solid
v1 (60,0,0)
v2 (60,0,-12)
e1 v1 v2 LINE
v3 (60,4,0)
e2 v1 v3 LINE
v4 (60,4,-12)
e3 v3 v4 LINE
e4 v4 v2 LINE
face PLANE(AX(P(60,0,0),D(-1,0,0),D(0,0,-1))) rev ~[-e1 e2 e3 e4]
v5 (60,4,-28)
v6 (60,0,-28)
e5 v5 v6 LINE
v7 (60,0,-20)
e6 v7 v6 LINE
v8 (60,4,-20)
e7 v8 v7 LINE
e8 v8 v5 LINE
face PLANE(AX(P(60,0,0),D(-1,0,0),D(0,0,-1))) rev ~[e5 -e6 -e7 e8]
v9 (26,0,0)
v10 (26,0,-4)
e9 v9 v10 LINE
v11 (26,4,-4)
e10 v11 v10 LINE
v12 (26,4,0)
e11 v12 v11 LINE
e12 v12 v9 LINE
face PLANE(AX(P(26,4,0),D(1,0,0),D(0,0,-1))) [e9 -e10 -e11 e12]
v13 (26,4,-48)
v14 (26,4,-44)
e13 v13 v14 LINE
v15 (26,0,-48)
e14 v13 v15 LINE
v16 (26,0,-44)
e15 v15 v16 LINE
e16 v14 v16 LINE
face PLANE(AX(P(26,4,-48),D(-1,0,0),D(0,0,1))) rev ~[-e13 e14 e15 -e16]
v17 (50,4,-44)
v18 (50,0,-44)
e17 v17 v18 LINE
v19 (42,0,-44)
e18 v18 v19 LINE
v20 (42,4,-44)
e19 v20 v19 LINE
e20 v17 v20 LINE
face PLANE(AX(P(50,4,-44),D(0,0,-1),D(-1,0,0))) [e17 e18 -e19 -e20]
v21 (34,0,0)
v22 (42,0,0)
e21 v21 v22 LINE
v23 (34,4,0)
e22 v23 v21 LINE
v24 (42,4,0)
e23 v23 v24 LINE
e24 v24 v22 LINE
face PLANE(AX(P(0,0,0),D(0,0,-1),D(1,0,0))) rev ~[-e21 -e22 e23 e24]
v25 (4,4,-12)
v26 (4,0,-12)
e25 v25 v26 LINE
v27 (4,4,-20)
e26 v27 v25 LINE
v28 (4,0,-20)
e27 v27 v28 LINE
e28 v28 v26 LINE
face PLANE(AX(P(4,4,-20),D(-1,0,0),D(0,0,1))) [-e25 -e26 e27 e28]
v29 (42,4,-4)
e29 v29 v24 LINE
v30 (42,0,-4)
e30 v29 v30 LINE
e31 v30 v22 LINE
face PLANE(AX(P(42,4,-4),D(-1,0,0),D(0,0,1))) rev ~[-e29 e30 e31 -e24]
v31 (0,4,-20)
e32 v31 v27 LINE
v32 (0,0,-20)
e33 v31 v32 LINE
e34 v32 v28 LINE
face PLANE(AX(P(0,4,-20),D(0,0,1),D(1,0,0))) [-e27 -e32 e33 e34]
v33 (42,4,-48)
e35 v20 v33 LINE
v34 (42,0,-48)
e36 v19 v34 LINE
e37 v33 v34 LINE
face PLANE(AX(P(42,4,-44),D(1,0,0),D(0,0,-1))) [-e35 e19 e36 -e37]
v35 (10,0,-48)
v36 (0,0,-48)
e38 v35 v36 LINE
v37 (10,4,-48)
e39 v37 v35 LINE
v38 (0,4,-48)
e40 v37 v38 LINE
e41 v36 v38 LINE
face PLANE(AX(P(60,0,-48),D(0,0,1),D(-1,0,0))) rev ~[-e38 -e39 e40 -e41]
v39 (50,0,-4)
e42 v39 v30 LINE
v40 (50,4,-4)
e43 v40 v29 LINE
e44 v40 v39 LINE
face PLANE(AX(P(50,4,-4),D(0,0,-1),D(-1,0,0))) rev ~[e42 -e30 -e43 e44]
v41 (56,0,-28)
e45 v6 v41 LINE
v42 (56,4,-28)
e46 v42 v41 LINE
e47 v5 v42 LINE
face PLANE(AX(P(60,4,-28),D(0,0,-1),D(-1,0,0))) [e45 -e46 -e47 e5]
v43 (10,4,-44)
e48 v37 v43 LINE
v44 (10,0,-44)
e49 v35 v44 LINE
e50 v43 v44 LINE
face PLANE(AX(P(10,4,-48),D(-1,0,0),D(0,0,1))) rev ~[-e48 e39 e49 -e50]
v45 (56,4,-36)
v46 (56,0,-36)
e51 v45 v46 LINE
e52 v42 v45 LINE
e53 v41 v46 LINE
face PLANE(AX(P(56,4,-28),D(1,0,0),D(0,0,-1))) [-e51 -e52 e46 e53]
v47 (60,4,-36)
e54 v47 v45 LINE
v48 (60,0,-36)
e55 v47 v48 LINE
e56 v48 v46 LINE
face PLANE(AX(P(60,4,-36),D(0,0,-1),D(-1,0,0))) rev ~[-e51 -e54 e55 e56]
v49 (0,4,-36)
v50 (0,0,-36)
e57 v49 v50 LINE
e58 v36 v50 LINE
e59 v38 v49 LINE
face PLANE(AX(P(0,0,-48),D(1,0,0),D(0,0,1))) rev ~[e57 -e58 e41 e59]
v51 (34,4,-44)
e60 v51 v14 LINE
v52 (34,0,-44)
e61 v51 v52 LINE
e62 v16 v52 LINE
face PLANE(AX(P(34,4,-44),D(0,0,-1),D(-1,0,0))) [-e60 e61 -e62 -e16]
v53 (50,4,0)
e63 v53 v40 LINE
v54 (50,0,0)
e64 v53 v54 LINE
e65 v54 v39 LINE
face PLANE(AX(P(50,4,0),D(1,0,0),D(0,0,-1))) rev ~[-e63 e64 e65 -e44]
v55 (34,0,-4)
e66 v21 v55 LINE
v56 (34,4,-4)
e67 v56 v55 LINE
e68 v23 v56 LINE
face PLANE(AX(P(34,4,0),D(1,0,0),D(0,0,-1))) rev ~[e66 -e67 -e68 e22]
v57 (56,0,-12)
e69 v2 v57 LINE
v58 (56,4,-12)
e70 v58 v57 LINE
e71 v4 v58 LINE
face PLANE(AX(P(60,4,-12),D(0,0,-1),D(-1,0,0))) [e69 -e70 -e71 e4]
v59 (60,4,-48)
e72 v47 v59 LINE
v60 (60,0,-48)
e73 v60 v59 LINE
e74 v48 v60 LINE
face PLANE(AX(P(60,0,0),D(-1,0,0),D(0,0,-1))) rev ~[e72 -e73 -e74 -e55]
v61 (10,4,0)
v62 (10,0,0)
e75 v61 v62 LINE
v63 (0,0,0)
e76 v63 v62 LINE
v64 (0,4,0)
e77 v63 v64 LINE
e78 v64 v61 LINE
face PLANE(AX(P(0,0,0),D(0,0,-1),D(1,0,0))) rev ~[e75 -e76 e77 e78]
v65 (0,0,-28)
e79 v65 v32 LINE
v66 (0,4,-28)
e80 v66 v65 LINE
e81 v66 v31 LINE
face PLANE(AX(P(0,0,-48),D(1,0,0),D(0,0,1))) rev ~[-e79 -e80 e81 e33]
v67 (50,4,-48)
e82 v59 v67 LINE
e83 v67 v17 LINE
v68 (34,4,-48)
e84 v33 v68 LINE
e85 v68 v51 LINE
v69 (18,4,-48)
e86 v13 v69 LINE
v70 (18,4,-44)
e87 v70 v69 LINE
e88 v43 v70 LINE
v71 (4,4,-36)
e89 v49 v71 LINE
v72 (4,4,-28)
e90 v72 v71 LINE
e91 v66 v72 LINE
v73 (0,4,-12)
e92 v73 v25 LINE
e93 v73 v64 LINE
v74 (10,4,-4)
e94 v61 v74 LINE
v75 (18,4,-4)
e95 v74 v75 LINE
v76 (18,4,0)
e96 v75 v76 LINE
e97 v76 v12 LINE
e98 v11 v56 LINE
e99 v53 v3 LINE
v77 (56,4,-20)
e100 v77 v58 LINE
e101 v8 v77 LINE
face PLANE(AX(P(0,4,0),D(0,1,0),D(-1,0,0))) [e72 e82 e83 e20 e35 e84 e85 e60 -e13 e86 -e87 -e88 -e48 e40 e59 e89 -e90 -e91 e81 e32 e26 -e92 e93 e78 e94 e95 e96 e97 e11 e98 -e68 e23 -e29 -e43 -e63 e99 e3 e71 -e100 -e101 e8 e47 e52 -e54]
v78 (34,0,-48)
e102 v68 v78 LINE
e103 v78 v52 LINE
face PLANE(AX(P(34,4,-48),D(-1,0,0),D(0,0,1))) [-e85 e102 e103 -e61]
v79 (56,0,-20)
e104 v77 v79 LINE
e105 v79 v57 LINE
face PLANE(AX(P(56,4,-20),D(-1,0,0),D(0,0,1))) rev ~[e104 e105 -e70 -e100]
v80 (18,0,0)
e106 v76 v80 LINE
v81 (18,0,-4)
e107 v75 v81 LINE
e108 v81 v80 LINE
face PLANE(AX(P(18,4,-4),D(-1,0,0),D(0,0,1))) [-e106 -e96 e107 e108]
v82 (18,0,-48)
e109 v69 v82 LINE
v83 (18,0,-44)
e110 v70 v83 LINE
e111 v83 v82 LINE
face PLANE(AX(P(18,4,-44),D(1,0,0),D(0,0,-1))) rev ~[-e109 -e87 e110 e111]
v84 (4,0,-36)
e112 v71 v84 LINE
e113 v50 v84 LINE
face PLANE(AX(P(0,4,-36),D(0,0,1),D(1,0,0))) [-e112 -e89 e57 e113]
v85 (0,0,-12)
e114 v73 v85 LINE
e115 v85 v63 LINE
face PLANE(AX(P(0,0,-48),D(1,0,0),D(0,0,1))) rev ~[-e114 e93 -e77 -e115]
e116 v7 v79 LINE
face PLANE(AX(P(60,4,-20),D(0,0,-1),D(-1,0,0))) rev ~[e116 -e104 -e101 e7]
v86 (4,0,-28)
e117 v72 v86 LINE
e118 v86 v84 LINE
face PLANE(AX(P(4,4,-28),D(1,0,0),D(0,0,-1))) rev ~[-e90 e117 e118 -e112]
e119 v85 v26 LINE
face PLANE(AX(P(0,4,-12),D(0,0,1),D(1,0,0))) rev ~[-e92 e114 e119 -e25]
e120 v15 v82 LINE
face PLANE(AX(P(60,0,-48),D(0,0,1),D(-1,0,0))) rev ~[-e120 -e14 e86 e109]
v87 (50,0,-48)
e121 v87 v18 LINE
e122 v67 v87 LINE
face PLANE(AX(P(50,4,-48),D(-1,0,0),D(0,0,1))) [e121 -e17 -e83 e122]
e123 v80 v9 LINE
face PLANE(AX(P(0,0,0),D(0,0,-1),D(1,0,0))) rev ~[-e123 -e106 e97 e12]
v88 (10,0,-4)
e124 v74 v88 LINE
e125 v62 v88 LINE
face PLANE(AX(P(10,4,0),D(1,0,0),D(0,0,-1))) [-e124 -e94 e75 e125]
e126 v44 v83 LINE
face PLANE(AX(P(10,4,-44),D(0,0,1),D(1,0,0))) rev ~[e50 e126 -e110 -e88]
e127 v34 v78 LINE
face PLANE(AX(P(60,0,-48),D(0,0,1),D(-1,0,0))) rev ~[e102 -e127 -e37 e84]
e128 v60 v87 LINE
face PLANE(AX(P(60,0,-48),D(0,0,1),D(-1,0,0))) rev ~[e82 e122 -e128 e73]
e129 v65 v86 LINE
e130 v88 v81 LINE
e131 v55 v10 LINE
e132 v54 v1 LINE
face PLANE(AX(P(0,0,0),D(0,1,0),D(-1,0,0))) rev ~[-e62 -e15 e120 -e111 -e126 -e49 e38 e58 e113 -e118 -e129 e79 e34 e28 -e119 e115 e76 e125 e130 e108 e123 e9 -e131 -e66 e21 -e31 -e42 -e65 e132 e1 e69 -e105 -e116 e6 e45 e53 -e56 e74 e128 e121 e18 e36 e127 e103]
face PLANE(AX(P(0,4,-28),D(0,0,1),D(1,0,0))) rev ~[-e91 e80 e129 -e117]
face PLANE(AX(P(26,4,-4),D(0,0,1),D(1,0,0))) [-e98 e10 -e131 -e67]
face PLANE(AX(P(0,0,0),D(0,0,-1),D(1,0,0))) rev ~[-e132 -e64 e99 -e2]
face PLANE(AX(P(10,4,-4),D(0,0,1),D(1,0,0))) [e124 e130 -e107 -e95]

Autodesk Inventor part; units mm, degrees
ref_plane "YZ Plane" through (0, 0, 0) normal (1, 0, 0) x (0, 1, 0)
ref_plane "XZ Plane" through (0, 0, 0) normal (0, 1, 0) x (-1, 0, 0)
ref_plane "XY Plane" through (0, 0, 0) normal (0, 0, 1) x (1, 0, 0)
sketch "Sketch1" plane through (0, 0, 0) normal (0, 1, 0) x (-1, 0, 0)
  line L0 (0, 0) -> (-60, 0)
  line L1 (-60, 0) -> (-60, -48)
  line L2 (-60, -48) -> (0, -48)
  line L3 (0, -48) -> (0, 0)
  dimension "d0" = 60
  dimension "d1" = 48
extrude "Extrusion1" add sketch "Sketch1" along normal blind 4
sketch "Sketch2" plane through (0, 4, 0) normal (0, 1, 0) x (1, 0, 0)
  line L0 (0, 0) -> (60, 0) construction
  line L1 (60, 0) -> (60, 48) construction
  line L2 (60, 48) -> (0, 48) construction
  line L3 (0, 48) -> (0, 0) construction
  line L4 (4, 44) -> (56, 44) construction
  line L5 (56, 44) -> (56, 4) construction
  line L6 (56, 4) -> (4, 4) construction
  line L7 (4, 4) -> (4, 44) construction
  line L8 (60, 48) -> (0, 48) construction
  line L9 (30, 48) -> (30, 0) construction
  line L10 (0, 0) -> (60, 0) construction
  line L11 (0, 48) -> (0, 0) construction
  line L12 (0, 24) -> (60, 24) construction
  line L13 (60, 0) -> (60, 48) construction
  line L14 (0, 28) -> (4, 28)
  line L15 (0, 36) -> (4, 36)
  line L16 (10, 48) -> (10, 44)
  line L17 (10, 44) -> (18, 44)
  line L18 (18, 44) -> (18, 48)
  line L19 (18, 48) -> (10, 48)
  line L20 (26, 48) -> (26, 44)
  line L21 (26, 44) -> (30, 44)
  line L22 (26, 48) -> (30, 48)
  line L23 (0, 36) -> (0, 28)
  line L24 (4, 28) -> (4, 36)
  line L25 (60, 28) -> (56, 28)
  line L26 (60, 36) -> (56, 36)
  line L27 (50, 48) -> (50, 44)
  line L28 (50, 44) -> (42, 44)
  line L29 (42, 44) -> (42, 48)
  line L30 (42, 48) -> (50, 48)
  line L31 (34, 48) -> (34, 44)
  line L32 (34, 44) -> (30, 44)
  line L33 (34, 48) -> (30, 48)
  line L34 (60, 36) -> (60, 28)
  line L35 (56, 28) -> (56, 36)
  line L36 (60, 0) -> (0, 0) construction
  line L37 (4, 4) -> (56, 4) construction
  line L38 (60, 0) -> (0, 0) construction
  line L39 (0, 20) -> (4, 20)
  line L40 (0, 12) -> (4, 12)
  line L41 (10, 0) -> (10, 4)
  line L42 (10, 4) -> (18, 4)
  line L43 (18, 4) -> (18, 0)
  line L44 (18, 0) -> (10, 0)
  line L45 (26, 0) -> (26, 4)
  line L46 (26, 4) -> (30, 4)
  line L47 (26, 0) -> (30, 0)
  line L48 (0, 12) -> (0, 20)
  line L49 (4, 20) -> (4, 12)
  line L50 (34, 0) -> (34, 4)
  line L51 (34, 4) -> (30, 4)
  line L52 (34, 0) -> (30, 0)
  line L53 (42, 4) -> (42, 0)
  line L54 (50, 4) -> (42, 4)
  line L55 (42, 0) -> (50, 0)
  line L56 (50, 0) -> (50, 4)
  line L57 (56, 20) -> (56, 12)
  line L58 (60, 12) -> (56, 12)
  line L59 (60, 12) -> (60, 20)
  line L60 (60, 20) -> (56, 20)
  dimension "d4" = 4
  dimension "d7" = 8
  dimension "d8" = 8
  dimension "d9" = 4
  dimension "d10" = 8
  dimension "d11" = 4
extrude "Extrusion2" cut sketch "Sketch2" against normal up to surface (4 mm away)
properties part number "left" material "PBT Plastic Black"
